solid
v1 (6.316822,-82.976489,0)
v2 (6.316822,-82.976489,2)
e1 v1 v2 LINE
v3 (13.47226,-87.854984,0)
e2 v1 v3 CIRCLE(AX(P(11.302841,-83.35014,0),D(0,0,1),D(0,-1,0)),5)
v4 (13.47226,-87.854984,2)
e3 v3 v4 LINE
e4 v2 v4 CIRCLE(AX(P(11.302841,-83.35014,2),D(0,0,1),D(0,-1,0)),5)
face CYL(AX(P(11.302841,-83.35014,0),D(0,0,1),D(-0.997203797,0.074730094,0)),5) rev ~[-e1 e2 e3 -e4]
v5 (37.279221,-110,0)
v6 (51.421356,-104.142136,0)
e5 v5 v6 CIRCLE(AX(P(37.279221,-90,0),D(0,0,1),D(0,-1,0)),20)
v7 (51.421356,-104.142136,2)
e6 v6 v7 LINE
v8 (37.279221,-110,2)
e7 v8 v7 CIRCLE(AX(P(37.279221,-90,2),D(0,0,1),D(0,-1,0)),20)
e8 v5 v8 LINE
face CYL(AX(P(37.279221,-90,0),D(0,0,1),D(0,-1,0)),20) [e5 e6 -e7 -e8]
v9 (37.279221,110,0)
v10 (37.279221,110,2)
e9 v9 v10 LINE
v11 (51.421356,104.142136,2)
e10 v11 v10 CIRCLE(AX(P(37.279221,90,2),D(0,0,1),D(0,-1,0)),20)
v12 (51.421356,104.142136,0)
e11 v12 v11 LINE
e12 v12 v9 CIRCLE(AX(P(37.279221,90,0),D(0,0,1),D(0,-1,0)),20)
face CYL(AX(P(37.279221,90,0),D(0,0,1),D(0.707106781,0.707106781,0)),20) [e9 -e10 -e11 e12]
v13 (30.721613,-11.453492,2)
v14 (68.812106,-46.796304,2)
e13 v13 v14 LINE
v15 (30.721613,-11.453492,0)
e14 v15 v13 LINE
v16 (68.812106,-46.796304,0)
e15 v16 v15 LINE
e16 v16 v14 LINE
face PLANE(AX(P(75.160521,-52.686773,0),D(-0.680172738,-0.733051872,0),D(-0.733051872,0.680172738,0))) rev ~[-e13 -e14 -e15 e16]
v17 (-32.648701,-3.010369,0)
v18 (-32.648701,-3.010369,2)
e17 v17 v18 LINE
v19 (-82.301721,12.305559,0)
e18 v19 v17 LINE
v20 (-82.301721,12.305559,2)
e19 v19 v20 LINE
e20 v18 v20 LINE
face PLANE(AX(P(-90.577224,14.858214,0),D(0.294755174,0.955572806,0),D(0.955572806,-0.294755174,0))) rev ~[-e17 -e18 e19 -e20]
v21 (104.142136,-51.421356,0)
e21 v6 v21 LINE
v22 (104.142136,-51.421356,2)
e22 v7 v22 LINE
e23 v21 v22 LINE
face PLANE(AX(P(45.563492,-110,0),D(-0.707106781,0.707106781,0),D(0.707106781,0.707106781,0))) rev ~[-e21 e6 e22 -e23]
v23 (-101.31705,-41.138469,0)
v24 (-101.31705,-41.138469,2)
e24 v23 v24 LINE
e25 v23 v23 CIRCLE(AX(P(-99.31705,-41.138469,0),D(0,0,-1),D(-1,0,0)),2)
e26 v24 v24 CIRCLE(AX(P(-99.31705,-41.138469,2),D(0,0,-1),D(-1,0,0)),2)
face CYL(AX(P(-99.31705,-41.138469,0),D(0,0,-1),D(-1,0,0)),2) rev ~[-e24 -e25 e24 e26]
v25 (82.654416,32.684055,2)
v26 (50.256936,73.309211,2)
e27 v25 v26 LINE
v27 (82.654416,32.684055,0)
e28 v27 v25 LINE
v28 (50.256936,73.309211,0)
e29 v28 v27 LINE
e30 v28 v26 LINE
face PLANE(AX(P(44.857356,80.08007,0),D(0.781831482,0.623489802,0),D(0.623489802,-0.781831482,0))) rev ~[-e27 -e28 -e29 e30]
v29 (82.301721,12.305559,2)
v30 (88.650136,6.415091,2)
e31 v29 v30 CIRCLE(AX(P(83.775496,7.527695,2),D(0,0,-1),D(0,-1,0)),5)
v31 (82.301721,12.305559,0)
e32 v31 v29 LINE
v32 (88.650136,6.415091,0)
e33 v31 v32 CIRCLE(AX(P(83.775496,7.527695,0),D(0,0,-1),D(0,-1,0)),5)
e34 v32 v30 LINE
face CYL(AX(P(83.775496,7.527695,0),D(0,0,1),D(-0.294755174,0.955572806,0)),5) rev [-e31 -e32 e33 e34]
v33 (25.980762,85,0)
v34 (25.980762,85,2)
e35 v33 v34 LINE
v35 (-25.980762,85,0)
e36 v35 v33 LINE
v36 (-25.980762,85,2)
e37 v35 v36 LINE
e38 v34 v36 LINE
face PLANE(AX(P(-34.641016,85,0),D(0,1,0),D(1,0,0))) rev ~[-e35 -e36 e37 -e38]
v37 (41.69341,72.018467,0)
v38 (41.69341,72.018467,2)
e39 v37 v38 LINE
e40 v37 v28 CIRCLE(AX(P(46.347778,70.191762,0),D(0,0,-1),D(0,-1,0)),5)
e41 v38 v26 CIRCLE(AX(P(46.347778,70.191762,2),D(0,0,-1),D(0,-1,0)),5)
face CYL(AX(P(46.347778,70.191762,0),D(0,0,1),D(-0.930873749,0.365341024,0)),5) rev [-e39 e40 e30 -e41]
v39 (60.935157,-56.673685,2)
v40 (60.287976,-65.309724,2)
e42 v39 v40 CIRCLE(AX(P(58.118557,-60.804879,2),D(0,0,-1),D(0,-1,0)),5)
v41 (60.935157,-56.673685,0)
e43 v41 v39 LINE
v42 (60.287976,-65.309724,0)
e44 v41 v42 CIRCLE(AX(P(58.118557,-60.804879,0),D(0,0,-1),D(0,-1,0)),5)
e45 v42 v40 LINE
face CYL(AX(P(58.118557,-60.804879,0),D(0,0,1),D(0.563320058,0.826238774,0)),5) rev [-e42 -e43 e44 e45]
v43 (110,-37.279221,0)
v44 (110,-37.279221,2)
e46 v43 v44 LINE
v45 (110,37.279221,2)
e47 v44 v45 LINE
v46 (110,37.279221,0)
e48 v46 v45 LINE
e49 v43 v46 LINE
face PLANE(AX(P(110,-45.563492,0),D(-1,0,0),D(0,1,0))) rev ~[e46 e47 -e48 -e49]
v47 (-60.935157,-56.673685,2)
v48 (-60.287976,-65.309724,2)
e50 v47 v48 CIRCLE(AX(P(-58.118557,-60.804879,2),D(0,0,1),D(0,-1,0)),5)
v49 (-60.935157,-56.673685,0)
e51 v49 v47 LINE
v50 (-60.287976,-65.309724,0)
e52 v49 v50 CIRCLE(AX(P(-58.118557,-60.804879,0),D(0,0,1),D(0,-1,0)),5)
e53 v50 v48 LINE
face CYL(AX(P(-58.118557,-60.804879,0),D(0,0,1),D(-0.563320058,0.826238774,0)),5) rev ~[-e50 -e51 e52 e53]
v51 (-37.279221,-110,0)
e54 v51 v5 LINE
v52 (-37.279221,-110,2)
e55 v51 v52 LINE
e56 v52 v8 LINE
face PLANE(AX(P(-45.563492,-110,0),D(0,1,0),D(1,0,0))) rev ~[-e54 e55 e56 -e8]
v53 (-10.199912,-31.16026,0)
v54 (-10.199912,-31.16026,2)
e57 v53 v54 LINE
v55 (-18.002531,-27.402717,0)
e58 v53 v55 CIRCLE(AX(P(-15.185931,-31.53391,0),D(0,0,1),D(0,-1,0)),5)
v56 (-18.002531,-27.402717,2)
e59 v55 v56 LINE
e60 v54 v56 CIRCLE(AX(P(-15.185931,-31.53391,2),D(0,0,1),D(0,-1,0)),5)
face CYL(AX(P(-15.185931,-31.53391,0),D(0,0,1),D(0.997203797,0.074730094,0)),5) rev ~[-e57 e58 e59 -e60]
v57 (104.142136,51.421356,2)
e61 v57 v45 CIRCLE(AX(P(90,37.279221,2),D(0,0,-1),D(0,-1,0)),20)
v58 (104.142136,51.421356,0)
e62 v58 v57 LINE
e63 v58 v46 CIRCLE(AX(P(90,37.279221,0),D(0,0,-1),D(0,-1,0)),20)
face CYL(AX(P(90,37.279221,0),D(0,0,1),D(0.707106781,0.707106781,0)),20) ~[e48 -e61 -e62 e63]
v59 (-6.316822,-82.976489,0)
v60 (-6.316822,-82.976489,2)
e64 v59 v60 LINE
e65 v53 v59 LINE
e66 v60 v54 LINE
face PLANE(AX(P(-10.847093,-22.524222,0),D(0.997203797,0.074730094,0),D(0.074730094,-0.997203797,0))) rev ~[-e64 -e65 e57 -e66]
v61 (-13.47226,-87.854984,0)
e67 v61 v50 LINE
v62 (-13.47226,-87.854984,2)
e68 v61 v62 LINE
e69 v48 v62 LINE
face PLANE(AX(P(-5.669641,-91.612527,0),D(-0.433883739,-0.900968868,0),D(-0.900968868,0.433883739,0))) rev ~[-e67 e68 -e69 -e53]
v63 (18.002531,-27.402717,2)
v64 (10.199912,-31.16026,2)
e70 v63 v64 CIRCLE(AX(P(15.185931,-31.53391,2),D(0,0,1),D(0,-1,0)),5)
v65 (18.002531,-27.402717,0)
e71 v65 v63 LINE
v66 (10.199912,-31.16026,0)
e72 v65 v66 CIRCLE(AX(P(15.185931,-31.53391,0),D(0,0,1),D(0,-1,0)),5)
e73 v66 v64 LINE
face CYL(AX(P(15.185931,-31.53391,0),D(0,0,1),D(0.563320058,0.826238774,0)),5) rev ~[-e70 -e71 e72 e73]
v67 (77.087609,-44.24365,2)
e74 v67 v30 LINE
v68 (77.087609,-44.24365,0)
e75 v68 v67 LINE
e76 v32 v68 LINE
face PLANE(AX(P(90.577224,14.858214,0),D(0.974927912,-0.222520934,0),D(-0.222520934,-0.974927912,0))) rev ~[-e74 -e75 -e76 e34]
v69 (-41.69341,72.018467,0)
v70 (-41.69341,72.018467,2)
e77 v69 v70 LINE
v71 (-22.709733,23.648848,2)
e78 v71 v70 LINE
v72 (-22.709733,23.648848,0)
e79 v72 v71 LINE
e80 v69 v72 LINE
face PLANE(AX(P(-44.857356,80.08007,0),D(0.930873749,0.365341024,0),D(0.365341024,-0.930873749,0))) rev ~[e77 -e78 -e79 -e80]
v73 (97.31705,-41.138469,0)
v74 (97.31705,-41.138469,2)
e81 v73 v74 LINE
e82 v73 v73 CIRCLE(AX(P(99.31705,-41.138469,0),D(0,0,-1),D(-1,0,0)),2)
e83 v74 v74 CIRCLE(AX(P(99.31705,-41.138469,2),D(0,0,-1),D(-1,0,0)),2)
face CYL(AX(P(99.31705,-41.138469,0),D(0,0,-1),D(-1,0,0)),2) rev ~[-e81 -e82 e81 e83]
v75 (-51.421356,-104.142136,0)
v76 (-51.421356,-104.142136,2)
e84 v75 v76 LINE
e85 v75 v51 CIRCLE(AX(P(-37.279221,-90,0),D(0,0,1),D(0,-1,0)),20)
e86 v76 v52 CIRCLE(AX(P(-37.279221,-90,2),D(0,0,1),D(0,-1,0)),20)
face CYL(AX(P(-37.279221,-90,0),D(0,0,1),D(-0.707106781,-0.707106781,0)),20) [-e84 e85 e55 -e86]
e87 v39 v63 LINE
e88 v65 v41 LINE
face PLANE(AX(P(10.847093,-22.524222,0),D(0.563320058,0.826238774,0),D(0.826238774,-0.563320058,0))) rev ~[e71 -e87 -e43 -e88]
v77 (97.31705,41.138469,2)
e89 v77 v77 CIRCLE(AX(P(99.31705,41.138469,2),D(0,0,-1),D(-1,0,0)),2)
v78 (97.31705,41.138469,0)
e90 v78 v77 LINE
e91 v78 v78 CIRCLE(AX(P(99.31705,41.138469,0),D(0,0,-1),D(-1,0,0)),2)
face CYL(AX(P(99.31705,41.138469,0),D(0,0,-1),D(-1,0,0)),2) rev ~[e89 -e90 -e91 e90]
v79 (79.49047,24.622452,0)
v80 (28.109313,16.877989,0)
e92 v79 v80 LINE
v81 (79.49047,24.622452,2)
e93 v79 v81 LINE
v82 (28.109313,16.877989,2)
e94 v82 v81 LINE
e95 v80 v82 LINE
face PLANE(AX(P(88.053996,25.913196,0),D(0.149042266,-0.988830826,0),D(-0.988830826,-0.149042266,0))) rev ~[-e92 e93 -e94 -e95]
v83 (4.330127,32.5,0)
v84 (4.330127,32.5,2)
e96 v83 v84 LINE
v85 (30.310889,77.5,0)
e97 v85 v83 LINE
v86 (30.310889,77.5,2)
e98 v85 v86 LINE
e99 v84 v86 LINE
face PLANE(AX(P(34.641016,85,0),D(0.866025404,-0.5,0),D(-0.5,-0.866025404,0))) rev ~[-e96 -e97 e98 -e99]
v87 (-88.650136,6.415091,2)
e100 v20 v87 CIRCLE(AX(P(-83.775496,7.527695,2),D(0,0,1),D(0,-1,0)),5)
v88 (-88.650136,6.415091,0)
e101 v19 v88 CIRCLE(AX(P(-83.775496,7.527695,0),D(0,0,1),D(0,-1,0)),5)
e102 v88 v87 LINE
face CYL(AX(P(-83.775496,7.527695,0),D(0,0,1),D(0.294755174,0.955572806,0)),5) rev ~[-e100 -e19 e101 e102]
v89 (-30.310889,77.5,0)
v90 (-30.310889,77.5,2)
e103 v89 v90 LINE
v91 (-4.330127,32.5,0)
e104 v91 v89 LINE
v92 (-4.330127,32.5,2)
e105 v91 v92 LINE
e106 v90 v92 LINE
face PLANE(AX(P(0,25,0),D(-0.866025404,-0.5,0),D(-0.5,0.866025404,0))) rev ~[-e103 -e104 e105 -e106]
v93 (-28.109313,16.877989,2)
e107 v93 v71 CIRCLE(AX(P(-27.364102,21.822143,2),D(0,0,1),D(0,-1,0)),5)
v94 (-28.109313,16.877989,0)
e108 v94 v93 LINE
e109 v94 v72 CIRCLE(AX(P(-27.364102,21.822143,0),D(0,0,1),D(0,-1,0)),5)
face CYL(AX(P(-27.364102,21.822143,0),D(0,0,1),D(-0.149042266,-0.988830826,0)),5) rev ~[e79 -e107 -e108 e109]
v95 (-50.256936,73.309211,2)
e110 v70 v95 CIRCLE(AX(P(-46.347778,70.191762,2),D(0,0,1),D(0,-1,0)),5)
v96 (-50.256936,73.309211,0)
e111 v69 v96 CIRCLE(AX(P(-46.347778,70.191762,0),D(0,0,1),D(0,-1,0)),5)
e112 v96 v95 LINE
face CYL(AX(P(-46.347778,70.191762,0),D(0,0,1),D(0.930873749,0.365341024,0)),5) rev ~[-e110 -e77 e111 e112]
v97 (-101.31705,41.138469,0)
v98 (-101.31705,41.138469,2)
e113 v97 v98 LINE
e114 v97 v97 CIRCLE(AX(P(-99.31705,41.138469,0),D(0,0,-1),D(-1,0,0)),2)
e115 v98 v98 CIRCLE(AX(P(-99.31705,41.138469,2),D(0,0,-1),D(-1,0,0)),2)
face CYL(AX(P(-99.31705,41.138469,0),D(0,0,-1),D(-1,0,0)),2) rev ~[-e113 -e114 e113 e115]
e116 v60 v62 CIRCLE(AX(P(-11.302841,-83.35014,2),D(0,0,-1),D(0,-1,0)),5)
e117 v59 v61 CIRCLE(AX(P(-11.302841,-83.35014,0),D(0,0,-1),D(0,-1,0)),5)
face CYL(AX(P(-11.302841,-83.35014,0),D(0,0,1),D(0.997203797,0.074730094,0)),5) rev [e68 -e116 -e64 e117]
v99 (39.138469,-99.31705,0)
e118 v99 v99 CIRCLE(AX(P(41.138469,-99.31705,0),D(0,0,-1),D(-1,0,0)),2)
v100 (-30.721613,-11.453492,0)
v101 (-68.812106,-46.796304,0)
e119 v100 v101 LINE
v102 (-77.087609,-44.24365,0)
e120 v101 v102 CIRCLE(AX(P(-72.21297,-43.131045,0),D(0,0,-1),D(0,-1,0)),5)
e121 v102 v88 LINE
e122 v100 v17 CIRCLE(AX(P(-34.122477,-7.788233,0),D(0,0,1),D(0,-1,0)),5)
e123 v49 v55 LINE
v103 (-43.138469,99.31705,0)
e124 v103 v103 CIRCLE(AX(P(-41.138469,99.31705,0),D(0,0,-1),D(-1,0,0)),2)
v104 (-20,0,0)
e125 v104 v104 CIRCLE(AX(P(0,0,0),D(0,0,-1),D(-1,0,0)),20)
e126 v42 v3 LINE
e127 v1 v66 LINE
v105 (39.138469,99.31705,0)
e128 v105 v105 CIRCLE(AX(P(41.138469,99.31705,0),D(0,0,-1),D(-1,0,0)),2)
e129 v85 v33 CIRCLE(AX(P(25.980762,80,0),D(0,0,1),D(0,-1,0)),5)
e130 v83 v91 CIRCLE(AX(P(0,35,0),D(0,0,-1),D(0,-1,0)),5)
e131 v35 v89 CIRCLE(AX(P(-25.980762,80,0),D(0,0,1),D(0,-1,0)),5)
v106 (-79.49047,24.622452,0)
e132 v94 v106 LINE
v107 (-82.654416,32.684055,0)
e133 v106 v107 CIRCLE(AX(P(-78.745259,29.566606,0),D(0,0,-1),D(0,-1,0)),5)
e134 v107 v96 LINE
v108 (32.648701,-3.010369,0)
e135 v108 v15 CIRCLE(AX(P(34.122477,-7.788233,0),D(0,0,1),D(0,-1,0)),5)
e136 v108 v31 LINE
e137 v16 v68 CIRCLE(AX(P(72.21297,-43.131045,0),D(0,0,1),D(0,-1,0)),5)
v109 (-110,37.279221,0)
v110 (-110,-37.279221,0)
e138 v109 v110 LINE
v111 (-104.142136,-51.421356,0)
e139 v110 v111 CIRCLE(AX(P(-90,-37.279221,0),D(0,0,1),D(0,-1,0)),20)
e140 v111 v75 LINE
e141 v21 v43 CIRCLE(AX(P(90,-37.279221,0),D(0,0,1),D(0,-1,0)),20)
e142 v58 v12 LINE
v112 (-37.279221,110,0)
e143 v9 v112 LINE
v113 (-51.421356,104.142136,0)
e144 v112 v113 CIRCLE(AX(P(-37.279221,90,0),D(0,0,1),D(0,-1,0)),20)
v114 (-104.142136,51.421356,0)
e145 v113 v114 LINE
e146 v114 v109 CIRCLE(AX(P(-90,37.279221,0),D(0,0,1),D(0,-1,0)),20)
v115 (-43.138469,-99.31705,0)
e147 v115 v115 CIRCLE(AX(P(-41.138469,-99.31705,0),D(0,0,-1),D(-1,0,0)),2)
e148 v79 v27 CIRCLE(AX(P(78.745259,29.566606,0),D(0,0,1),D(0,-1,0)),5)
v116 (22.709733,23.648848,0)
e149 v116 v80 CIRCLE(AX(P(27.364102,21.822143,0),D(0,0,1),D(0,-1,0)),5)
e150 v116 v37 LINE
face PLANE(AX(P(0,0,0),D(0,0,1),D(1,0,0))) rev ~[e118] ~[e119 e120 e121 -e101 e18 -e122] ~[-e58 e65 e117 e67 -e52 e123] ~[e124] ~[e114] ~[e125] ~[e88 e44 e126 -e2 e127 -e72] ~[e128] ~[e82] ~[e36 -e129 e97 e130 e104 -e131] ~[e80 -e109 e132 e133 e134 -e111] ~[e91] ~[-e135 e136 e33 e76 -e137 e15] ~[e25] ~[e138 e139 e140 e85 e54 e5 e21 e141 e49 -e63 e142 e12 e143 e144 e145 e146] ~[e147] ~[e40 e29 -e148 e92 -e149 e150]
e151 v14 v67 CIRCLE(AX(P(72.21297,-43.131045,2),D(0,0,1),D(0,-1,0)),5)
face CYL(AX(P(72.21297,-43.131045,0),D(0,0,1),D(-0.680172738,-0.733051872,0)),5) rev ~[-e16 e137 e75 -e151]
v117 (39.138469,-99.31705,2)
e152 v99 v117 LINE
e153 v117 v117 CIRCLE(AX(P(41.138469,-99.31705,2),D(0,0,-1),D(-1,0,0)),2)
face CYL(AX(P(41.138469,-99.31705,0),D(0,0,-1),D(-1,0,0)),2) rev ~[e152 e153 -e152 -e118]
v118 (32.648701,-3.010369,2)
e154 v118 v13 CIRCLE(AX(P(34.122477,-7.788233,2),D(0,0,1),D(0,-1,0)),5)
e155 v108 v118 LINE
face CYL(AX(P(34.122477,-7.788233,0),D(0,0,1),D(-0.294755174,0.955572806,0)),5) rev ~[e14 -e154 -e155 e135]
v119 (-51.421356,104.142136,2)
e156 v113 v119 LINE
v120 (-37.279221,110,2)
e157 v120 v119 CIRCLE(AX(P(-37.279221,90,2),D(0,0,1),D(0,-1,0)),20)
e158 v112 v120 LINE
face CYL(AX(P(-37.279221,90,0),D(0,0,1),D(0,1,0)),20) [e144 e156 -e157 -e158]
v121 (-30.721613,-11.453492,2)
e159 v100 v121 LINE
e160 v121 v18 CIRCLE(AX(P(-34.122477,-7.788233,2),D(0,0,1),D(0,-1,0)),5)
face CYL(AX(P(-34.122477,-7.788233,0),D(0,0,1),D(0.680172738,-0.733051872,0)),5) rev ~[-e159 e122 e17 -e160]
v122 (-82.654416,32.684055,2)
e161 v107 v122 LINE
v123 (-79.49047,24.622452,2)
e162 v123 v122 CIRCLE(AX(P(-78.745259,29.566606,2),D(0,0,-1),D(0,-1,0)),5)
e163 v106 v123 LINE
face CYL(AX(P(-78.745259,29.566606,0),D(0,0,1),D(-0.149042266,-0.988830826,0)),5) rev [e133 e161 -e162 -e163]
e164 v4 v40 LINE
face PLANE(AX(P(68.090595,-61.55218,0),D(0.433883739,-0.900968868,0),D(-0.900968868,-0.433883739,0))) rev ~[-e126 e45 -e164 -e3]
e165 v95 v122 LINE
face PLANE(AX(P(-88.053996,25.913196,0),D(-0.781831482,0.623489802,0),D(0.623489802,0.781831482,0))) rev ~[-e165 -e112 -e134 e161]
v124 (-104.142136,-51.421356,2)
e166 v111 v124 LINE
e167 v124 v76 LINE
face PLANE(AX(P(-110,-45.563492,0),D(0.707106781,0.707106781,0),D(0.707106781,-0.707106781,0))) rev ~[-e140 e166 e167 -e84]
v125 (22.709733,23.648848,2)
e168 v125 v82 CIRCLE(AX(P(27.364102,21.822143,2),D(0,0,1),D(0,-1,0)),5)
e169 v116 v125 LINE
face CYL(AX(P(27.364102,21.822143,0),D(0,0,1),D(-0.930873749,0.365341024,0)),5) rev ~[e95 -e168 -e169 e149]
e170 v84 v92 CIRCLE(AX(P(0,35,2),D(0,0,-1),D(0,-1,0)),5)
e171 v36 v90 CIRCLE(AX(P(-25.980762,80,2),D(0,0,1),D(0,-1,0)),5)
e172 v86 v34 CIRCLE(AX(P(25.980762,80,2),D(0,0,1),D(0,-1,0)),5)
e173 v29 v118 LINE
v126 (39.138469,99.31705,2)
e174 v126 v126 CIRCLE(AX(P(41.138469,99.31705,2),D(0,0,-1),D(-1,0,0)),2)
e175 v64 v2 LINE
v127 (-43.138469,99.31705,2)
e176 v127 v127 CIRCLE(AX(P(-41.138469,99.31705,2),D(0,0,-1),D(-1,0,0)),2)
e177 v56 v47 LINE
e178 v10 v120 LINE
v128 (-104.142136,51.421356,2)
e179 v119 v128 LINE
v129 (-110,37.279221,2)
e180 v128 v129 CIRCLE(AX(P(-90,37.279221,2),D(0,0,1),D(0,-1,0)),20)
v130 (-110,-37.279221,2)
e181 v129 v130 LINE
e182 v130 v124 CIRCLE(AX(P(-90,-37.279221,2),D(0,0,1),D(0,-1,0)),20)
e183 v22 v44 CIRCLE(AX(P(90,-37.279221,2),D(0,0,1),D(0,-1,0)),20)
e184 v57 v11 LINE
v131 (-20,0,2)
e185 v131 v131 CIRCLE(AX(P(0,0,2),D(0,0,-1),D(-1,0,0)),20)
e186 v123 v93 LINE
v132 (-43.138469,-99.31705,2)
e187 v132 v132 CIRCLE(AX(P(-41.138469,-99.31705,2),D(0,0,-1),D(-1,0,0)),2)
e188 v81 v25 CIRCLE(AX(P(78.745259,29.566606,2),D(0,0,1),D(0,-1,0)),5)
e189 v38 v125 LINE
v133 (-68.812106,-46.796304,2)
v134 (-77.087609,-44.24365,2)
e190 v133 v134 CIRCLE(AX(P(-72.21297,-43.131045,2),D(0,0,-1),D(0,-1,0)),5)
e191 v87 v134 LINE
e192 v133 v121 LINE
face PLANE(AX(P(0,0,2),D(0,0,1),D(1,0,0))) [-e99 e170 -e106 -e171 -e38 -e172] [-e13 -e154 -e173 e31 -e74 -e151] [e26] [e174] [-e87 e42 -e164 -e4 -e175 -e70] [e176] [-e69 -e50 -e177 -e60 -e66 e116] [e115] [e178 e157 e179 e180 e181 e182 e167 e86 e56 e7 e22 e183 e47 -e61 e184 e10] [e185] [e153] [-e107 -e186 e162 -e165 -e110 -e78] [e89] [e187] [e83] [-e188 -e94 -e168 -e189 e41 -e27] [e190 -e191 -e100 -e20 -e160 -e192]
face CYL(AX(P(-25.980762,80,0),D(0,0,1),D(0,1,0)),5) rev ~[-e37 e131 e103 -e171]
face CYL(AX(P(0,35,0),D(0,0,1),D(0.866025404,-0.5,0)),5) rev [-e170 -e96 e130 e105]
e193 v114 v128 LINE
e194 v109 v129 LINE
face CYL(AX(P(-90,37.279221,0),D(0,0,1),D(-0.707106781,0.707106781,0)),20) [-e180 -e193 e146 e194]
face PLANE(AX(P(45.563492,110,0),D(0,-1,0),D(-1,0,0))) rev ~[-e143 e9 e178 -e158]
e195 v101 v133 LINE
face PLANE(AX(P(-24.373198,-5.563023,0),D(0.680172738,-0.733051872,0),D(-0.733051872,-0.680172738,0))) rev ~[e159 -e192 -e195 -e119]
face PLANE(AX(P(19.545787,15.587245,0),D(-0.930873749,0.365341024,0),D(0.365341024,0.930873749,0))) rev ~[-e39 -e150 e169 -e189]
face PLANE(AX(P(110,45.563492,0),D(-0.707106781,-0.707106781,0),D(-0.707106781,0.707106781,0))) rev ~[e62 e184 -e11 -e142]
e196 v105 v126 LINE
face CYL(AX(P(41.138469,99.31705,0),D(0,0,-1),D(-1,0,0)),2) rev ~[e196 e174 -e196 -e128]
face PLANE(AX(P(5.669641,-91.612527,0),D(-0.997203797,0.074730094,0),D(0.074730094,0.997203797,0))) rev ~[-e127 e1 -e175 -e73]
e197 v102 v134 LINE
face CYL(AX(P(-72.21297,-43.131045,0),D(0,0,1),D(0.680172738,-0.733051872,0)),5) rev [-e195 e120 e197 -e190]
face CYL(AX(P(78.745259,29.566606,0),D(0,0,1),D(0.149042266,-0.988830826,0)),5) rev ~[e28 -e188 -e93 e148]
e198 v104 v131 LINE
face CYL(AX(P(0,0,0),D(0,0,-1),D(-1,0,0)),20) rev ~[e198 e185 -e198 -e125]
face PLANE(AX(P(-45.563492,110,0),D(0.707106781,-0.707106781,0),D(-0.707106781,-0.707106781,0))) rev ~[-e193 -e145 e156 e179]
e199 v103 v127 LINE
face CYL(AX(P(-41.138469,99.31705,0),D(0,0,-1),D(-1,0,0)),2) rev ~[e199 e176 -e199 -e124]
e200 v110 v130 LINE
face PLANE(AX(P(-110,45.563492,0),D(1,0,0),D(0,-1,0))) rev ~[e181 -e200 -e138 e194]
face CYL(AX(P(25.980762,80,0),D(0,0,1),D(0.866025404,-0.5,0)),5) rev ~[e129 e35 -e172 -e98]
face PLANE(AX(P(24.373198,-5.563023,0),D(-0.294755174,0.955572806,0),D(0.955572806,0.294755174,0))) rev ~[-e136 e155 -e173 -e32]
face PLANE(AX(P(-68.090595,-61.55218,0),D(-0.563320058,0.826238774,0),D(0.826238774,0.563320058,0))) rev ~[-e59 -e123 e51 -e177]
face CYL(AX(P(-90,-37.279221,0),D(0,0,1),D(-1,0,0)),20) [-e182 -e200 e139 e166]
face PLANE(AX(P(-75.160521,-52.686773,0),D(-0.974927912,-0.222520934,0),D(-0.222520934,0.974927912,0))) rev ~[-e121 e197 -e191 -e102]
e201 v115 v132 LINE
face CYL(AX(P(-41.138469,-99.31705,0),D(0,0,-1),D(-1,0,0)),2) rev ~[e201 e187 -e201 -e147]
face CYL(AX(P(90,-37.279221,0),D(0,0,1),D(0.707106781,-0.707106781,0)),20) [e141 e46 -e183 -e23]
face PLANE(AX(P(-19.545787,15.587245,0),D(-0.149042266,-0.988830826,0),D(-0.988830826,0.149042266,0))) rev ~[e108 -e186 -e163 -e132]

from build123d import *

# Parameters (mm, degrees)
EXTRUDE_1_DEPTH     = 2
FILLET_1_R          = 20
SKETCH_3_R          = 2
CUT_EXTRUDE_2_DEPTH = 10
SKETCH_4_R          = 20
CUT_EXTRUDE_3_DEPTH = 10
FILLET_2_R          = 5


with BuildPart() as part:
    # 草图1 → 凸台-拉伸1 (new body)
    with BuildSketch(Plane.XY):
        Polygon((110, 45.563491861), (45.563491861, 110), (-45.563491861, 110), (-110, 45.563491861), (-110, -45.563491861), (-45.563491861, -110), (45.563491861, -110), (110, -45.563491861), align=None)
    extrude(amount=EXTRUDE_1_DEPTH)

    # 圆角1
    fillet_1_edges = [part.edges().sort_by_distance(p)[0] for p in [
        (110, -45.563491861, 1),
        (45.563491861, -110, 1),
        (-45.563491861, -110, 1),
        (-110, -45.563491861, 1),
        (-110, 45.563491861, 1),
        (-45.563491861, 110, 1),
        (45.563491861, 110, 1),
        (110, 45.563491861, 1),
    ]]
    fillet(fillet_1_edges, radius=FILLET_1_R)

    # 草图3 → 切除-拉伸2 (cut)
    with BuildSketch(Plane(origin=(0, 0, 0), x_dir=(-1, 0, 0), z_dir=(0, 0, -1))):
        with Locations((-99.317049745, 41.138468979)):
            Circle(SKETCH_3_R)
        with Locations((-41.138468979, 99.317049745)):
            Circle(SKETCH_3_R)
        with Locations((41.138468979, 99.317049745)):
            Circle(SKETCH_3_R)
        with Locations((99.317049745, 41.138468979)):
            Circle(SKETCH_3_R)
        with Locations((99.317049745, -41.138468979)):
            Circle(SKETCH_3_R)
        with Locations((41.138468979, -99.317049745)):
            Circle(SKETCH_3_R)
        with Locations((-41.138468979, -99.317049745)):
            Circle(SKETCH_3_R)
        with Locations((-99.317049745, -41.138468979)):
            Circle(SKETCH_3_R)
    extrude(amount=-CUT_EXTRUDE_2_DEPTH, mode=Mode.SUBTRACT)

    # 草图4 → 切除-拉伸3 (cut)
    with BuildSketch(Plane(origin=(0, 0, 0), x_dir=(-1, 0, 0), z_dir=(0, 0, -1))):
        Circle(SKETCH_4_R)
        Polygon((88.053996306, 25.913196146), (44.857355713, 80.08007017), (19.545787062, 15.587245046), align=None)
        Polygon((0, 25), (34.641016151, 85), (-34.641016151, 85), align=None)
        Polygon((75.160521268, -52.686772939), (90.577223803, 14.858214166), (24.373197805, -5.563023349), align=None)
        Polygon((5.66964072, -91.612527386), (68.09059493, -61.552180157), (10.847093478, -22.524221698), align=None)
        Polygon((-68.09059493, -61.552180157), (-5.66964072, -91.612527386), (-10.847093478, -22.524221698), align=None)
        Polygon((-90.577223803, 14.858214166), (-75.160521268, -52.686772939), (-24.373197805, -5.563023349), align=None)
        Polygon((-44.857355713, 80.08007017), (-88.053996306, 25.913196146), (-19.545787062, 15.587245046), align=None)
    extrude(amount=-CUT_EXTRUDE_3_DEPTH, mode=Mode.SUBTRACT)

    # 圆角2
    fillet_2_edges = [part.edges().sort_by_distance(p)[0] for p in [
        (0, 25, 1),
        (34.641016151, 85, 1),
        (-34.641016151, 85, 1),
        (-5.66964072, -91.612527386, 1),
        (-10.847093478, -22.524221698, 1),
        (-68.09059493, -61.552180157, 1),
        (68.09059493, -61.552180157, 1),
        (10.847093478, -22.524221698, 1),
        (5.66964072, -91.612527386, 1),
        (90.577223803, 14.858214166, 1),
        (24.373197805, -5.563023349, 1),
        (75.160521268, -52.686772939, 1),
        (44.857355713, 80.08007017, 1),
        (19.545787062, 15.587245046, 1),
        (88.053996306, 25.913196146, 1),
        (-88.053996306, 25.913196146, 1),
        (-19.545787062, 15.587245046, 1),
        (-44.857355713, 80.08007017, 1),
        (-75.160521268, -52.686772939, 1),
        (-24.373197805, -5.563023349, 1),
        (-90.577223803, 14.858214166, 1),
    ]]
    fillet(fillet_2_edges, radius=FILLET_2_R)


solid = part.part
